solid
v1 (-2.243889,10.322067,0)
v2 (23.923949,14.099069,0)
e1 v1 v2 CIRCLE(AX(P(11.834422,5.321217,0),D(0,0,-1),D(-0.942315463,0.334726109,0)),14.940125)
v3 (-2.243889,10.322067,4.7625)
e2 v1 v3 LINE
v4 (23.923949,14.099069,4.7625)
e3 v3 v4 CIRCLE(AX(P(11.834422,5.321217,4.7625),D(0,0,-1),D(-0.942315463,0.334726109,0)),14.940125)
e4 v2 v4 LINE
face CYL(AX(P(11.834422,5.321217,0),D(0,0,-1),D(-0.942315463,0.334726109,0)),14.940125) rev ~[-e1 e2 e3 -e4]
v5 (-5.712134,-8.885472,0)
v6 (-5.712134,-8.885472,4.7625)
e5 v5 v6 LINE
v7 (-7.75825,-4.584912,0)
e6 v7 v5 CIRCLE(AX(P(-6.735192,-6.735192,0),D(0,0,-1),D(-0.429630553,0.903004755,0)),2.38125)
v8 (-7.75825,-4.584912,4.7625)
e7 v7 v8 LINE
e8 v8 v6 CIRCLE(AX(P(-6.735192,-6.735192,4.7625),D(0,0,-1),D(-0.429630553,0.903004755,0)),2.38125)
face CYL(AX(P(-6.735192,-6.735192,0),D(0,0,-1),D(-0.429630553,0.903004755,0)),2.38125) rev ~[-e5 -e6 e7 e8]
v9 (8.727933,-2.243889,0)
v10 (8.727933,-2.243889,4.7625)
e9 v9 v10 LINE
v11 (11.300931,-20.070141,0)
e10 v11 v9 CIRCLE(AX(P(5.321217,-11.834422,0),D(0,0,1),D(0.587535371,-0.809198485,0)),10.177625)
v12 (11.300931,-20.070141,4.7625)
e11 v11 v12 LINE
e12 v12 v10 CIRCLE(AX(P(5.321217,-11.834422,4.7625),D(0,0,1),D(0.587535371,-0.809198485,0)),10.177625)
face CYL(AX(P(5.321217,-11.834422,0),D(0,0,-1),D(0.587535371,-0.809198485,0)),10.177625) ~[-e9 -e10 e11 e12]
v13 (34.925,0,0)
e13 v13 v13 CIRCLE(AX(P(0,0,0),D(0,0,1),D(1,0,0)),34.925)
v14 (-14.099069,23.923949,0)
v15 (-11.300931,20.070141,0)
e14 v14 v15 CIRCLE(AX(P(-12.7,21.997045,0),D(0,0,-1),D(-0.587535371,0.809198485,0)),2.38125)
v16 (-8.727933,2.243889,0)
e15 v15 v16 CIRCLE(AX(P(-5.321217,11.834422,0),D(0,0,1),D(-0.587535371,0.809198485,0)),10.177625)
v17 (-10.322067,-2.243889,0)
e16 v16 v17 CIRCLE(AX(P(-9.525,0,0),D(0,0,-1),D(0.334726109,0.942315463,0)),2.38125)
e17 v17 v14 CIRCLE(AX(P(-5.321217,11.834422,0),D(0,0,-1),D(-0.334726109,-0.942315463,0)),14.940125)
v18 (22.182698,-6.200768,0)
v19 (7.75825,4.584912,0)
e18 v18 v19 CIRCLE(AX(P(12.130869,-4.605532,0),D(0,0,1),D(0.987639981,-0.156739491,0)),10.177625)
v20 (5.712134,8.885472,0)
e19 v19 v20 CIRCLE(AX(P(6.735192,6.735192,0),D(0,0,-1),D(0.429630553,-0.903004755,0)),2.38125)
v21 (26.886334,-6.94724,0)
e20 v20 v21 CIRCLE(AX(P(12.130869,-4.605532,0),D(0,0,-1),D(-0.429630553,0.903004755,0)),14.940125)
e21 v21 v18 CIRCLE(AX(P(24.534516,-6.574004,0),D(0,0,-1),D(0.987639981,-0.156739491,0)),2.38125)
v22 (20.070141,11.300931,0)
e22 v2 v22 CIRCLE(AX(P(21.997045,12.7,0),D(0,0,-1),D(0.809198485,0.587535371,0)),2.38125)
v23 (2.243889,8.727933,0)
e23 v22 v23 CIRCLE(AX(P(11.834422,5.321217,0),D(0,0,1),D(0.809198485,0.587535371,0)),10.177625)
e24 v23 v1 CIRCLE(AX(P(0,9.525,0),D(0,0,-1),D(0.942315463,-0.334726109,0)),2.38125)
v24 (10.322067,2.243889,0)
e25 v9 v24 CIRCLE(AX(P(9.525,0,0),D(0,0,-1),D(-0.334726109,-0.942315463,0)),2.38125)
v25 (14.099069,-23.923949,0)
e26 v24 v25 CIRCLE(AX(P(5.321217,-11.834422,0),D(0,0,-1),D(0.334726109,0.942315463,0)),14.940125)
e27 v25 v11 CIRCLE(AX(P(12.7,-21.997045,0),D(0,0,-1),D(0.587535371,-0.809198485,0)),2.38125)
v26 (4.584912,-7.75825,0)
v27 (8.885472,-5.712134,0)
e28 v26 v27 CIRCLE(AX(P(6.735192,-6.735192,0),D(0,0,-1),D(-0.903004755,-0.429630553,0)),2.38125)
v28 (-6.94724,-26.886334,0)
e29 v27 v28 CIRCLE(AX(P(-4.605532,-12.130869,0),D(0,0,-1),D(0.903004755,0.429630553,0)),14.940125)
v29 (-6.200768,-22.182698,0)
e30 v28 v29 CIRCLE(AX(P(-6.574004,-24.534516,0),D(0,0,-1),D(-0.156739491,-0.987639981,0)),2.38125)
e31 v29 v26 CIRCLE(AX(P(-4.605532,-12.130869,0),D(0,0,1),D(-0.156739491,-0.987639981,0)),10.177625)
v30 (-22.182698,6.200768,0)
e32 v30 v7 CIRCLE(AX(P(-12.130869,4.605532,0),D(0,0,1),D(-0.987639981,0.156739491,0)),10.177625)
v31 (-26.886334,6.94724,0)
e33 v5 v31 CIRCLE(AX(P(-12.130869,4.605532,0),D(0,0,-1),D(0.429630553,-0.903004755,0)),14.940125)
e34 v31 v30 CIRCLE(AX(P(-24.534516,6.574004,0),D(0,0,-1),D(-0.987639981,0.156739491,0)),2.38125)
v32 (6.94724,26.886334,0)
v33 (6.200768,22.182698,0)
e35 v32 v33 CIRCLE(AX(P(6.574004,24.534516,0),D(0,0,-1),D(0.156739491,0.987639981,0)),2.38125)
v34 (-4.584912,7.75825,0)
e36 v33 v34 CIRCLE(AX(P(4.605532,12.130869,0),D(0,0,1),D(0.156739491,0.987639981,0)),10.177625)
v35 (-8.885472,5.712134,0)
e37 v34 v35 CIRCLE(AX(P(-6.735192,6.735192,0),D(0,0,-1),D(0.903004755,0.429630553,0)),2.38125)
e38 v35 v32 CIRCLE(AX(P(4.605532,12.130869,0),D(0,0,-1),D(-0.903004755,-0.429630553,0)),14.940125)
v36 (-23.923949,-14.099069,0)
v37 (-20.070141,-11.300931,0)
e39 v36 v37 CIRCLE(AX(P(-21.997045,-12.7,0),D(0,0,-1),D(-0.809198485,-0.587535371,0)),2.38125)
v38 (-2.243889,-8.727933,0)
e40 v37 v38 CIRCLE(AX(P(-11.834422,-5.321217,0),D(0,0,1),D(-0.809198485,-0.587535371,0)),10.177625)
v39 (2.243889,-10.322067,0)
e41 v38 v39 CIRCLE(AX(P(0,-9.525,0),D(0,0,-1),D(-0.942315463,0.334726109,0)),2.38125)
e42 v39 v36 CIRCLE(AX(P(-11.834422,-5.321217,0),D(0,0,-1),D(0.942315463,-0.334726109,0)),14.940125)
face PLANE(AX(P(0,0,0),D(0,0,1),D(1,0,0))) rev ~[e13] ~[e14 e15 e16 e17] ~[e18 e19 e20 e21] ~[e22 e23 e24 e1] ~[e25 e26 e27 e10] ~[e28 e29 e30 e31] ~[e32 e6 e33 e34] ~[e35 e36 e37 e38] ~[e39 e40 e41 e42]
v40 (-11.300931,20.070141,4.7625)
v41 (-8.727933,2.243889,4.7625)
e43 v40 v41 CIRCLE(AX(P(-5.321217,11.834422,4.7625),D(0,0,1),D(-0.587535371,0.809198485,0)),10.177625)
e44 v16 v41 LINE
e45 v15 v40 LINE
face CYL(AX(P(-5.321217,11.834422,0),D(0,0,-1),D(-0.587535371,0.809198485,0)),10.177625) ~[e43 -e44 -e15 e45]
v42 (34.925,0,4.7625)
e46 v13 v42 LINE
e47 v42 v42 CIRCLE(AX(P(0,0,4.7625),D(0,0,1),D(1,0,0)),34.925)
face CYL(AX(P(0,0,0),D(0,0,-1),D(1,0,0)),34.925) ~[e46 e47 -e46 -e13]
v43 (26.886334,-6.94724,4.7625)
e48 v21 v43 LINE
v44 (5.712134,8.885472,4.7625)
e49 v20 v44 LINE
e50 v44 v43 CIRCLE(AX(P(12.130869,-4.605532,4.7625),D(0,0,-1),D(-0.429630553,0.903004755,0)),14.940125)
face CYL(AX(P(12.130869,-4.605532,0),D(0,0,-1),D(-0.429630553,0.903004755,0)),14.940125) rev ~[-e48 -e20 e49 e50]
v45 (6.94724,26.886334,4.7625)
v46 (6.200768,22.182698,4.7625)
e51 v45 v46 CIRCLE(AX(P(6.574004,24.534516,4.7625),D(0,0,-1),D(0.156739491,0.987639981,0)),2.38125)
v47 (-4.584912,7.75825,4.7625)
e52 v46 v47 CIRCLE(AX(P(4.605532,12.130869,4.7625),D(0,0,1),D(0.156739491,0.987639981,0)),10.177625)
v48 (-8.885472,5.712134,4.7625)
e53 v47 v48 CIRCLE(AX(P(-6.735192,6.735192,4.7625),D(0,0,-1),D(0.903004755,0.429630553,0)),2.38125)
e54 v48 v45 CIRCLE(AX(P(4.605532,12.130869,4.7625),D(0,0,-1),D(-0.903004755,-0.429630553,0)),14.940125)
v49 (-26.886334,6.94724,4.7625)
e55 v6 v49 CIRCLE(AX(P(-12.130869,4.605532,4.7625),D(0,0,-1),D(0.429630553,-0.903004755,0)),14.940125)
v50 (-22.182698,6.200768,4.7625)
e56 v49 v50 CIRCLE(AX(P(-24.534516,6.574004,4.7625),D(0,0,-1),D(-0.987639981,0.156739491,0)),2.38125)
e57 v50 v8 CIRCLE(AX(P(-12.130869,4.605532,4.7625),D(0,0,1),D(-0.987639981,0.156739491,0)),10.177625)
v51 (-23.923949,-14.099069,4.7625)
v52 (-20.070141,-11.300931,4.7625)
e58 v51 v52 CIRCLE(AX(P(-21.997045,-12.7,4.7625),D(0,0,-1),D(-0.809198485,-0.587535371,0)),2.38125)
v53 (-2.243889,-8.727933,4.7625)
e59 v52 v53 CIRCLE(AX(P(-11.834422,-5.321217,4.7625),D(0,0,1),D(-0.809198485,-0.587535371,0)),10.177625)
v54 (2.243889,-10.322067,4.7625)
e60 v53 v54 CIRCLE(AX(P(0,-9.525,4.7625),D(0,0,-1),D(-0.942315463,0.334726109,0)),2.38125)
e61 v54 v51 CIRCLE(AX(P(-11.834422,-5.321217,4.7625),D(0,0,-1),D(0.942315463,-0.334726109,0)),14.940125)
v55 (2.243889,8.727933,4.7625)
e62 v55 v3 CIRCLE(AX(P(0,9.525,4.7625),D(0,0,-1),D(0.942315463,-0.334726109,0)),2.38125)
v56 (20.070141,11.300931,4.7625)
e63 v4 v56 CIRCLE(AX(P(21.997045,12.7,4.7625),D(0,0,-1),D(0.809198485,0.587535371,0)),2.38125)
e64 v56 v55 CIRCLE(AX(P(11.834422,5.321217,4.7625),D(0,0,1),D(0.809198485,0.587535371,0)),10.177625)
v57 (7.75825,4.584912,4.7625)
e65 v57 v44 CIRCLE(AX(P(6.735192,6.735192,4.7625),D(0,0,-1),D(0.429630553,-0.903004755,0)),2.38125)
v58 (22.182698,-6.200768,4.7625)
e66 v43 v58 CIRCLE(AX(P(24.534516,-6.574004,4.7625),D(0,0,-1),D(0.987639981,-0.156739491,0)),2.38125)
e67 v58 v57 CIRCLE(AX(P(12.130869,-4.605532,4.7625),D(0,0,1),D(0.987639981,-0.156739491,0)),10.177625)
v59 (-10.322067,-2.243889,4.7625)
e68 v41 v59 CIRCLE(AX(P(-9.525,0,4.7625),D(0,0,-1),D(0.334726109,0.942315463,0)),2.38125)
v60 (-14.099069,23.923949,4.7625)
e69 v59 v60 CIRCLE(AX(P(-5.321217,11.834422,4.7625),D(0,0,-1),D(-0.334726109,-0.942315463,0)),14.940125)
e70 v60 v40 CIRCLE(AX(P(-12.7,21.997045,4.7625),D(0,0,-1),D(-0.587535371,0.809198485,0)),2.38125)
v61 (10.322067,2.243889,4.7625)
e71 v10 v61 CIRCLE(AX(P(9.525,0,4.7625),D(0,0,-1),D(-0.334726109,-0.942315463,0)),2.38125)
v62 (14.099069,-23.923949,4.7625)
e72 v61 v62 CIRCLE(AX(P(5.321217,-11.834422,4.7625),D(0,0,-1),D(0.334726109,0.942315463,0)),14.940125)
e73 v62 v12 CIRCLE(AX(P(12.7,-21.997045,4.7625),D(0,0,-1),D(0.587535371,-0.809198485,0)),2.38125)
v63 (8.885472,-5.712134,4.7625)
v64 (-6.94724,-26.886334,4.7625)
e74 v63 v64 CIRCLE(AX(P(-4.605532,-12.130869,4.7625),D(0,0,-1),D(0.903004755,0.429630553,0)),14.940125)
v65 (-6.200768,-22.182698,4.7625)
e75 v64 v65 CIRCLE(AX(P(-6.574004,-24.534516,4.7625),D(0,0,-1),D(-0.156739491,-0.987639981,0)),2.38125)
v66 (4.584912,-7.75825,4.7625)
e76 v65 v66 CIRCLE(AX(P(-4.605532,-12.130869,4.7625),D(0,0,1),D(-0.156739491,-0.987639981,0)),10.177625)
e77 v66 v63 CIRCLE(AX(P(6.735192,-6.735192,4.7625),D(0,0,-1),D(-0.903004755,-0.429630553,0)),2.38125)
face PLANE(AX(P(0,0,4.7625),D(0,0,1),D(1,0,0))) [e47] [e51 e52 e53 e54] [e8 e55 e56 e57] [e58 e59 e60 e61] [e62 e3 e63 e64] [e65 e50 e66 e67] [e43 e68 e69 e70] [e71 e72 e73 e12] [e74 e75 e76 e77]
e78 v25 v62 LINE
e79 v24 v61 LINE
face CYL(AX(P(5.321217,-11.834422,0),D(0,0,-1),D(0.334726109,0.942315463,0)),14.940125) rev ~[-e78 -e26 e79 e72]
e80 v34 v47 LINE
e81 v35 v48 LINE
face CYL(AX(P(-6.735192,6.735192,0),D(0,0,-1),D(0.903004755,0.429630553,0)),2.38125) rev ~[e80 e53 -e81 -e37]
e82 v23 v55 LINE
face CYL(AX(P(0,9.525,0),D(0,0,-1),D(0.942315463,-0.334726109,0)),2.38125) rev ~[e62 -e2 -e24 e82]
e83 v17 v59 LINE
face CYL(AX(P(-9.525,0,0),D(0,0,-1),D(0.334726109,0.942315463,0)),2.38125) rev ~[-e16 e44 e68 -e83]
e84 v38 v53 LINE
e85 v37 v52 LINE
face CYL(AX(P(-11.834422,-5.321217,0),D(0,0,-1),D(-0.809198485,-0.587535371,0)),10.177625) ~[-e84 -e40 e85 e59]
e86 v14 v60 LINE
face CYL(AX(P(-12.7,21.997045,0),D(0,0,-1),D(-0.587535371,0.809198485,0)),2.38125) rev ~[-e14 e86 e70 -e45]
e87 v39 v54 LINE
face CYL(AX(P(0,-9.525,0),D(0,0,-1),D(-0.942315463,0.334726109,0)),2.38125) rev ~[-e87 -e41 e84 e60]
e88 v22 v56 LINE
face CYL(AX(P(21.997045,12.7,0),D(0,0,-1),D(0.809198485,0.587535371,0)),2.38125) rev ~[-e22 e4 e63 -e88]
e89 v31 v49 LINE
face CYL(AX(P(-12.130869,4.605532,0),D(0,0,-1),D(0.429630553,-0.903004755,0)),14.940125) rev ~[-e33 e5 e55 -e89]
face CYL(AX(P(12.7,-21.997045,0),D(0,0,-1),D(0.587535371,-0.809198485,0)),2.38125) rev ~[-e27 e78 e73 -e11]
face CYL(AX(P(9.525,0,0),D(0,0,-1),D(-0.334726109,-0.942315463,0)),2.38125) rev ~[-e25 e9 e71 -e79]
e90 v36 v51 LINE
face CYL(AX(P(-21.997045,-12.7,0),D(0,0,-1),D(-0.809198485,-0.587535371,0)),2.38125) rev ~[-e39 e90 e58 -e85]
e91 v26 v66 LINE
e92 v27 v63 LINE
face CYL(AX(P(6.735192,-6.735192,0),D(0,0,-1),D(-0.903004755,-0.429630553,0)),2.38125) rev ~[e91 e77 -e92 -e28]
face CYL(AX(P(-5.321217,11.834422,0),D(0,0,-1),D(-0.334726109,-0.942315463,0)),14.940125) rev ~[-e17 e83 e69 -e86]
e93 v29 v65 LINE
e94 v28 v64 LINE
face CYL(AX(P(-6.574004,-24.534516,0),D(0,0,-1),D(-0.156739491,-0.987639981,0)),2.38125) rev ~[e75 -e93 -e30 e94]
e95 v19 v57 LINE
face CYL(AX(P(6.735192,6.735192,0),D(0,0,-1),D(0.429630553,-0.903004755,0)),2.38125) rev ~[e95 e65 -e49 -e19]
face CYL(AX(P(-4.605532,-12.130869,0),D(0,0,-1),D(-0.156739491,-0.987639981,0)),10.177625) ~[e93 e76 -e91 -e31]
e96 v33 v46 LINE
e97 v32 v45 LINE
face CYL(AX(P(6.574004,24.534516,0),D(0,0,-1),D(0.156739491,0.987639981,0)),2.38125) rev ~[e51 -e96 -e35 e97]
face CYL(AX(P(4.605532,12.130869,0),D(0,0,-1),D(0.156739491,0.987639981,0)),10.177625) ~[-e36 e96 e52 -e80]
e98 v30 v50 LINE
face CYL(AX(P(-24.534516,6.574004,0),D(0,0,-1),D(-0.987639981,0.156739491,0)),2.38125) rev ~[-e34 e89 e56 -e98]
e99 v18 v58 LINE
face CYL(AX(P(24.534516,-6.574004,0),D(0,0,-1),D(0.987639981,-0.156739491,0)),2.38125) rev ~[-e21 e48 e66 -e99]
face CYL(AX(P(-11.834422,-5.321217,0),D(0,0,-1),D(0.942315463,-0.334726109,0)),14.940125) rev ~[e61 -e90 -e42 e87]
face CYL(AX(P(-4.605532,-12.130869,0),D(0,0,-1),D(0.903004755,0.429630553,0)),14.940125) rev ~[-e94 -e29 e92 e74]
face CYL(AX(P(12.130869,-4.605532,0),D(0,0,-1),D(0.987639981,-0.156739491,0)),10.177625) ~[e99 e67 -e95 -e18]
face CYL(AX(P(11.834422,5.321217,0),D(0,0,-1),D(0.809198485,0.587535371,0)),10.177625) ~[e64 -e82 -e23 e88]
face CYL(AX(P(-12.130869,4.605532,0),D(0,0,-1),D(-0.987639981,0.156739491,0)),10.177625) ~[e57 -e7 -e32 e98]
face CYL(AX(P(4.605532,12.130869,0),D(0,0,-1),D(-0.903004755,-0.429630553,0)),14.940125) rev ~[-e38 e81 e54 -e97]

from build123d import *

# Parameters (mm, degrees)
SKETCH1_R           = 34.925
BOSS_EXTRUDE1_DEPTH = 4.7625


with BuildPart() as part:
    # Sketch1 → Boss-Extrude1 (new body)
    with BuildSketch(Plane.XY):
        Circle(SKETCH1_R)
        with BuildLine():
            ThreePointArc((2.243888697, 8.727933453), (-0.797066547, 7.281111303), (-2.243888697, 10.322066547))
            ThreePointArc((-2.243888697, 10.322066547), (9.70011878, 20.108105734), (23.923949148, 14.099068603))
            ThreePointArc((23.923949148, 14.099068603), (23.396113859, 10.773096108), (20.070141364, 11.300931397))
            ThreePointArc((20.070141364, 11.300931397), (10.380475923, 15.394453179), (2.243888697, 8.727933453))
        make_face(mode=Mode.SUBTRACT)
        with BuildLine():
            ThreePointArc((5.712134337, 8.885472165), (21.077597689, 7.359558154), (26.886333692, -6.947239658))
            ThreePointArc((26.886333692, -6.947239658), (24.161280075, -8.92582145), (22.182698283, -6.200767833))
            ThreePointArc((22.182698283, -6.200767833), (18.225627153, 3.545417318), (7.758249844, 4.584912017))
            ThreePointArc((7.758249844, 4.584912017), (4.584912017, 5.712134337), (5.712134337, 8.885472165))
        make_face(mode=Mode.SUBTRACT)
        with BuildLine():
            ThreePointArc((10.322066547, 2.243888697), (20.108105734, -9.70011878), (14.099068603, -23.923949148))
            ThreePointArc((14.099068603, -23.923949148), (10.773096108, -23.396113859), (11.300931397, -20.070141364))
            ThreePointArc((11.300931397, -20.070141364), (15.394453179, -10.380475923), (8.727933453, -2.243888697))
            ThreePointArc((8.727933453, -2.243888697), (7.281111303, 0.797066547), (10.322066547, 2.243888697))
        make_face(mode=Mode.SUBTRACT)
        with BuildLine():
            ThreePointArc((8.885472165, -5.712134337), (7.359558154, -21.077597689), (-6.947239658, -26.886333692))
            ThreePointArc((-6.947239658, -26.886333692), (-8.92582145, -24.161280075), (-6.200767833, -22.182698283))
            ThreePointArc((-6.200767833, -22.182698283), (3.545417318, -18.225627153), (4.584912017, -7.758249844))
            ThreePointArc((4.584912017, -7.758249844), (5.712134337, -4.584912017), (8.885472165, -5.712134337))
        make_face(mode=Mode.SUBTRACT)
        with BuildLine():
            ThreePointArc((2.243888697, -10.322066547), (-9.70011878, -20.108105734), (-23.923949148, -14.099068603))
            ThreePointArc((-23.923949148, -14.099068603), (-23.396113859, -10.773096108), (-20.070141364, -11.300931397))
            ThreePointArc((-20.070141364, -11.300931397), (-10.380475923, -15.394453179), (-2.243888697, -8.727933453))
            ThreePointArc((-2.243888697, -8.727933453), (0.797066547, -7.281111303), (2.243888697, -10.322066547))
        make_face(mode=Mode.SUBTRACT)
        with BuildLine():
            ThreePointArc((-5.712134337, -8.885472165), (-21.077597689, -7.359558154), (-26.886333692, 6.947239658))
            ThreePointArc((-26.886333692, 6.947239658), (-24.161280075, 8.92582145), (-22.182698283, 6.200767833))
            ThreePointArc((-22.182698283, 6.200767833), (-18.225627153, -3.545417318), (-7.758249844, -4.584912017))
            ThreePointArc((-7.758249844, -4.584912017), (-4.584912017, -5.712134337), (-5.712134337, -8.885472165))
        make_face(mode=Mode.SUBTRACT)
        with BuildLine():
            ThreePointArc((-10.322066547, -2.243888697), (-20.108105734, 9.70011878), (-14.099068603, 23.923949148))
            ThreePointArc((-14.099068603, 23.923949148), (-10.773096108, 23.396113859), (-11.300931397, 20.070141364))
            ThreePointArc((-11.300931397, 20.070141364), (-15.394453179, 10.380475923), (-8.727933453, 2.243888697))
            ThreePointArc((-8.727933453, 2.243888697), (-7.281111303, -0.797066547), (-10.322066547, -2.243888697))
        make_face(mode=Mode.SUBTRACT)
        with BuildLine():
            ThreePointArc((-8.885472165, 5.712134337), (-7.359558154, 21.077597689), (6.947239658, 26.886333692))
            ThreePointArc((6.947239658, 26.886333692), (8.92582145, 24.161280075), (6.200767833, 22.182698283))
            ThreePointArc((6.200767833, 22.182698283), (-3.545417318, 18.225627153), (-4.584912017, 7.758249844))
            ThreePointArc((-4.584912017, 7.758249844), (-5.712134337, 4.584912017), (-8.885472165, 5.712134337))
        make_face(mode=Mode.SUBTRACT)
    extrude(amount=BOSS_EXTRUDE1_DEPTH)


solid = part.part
